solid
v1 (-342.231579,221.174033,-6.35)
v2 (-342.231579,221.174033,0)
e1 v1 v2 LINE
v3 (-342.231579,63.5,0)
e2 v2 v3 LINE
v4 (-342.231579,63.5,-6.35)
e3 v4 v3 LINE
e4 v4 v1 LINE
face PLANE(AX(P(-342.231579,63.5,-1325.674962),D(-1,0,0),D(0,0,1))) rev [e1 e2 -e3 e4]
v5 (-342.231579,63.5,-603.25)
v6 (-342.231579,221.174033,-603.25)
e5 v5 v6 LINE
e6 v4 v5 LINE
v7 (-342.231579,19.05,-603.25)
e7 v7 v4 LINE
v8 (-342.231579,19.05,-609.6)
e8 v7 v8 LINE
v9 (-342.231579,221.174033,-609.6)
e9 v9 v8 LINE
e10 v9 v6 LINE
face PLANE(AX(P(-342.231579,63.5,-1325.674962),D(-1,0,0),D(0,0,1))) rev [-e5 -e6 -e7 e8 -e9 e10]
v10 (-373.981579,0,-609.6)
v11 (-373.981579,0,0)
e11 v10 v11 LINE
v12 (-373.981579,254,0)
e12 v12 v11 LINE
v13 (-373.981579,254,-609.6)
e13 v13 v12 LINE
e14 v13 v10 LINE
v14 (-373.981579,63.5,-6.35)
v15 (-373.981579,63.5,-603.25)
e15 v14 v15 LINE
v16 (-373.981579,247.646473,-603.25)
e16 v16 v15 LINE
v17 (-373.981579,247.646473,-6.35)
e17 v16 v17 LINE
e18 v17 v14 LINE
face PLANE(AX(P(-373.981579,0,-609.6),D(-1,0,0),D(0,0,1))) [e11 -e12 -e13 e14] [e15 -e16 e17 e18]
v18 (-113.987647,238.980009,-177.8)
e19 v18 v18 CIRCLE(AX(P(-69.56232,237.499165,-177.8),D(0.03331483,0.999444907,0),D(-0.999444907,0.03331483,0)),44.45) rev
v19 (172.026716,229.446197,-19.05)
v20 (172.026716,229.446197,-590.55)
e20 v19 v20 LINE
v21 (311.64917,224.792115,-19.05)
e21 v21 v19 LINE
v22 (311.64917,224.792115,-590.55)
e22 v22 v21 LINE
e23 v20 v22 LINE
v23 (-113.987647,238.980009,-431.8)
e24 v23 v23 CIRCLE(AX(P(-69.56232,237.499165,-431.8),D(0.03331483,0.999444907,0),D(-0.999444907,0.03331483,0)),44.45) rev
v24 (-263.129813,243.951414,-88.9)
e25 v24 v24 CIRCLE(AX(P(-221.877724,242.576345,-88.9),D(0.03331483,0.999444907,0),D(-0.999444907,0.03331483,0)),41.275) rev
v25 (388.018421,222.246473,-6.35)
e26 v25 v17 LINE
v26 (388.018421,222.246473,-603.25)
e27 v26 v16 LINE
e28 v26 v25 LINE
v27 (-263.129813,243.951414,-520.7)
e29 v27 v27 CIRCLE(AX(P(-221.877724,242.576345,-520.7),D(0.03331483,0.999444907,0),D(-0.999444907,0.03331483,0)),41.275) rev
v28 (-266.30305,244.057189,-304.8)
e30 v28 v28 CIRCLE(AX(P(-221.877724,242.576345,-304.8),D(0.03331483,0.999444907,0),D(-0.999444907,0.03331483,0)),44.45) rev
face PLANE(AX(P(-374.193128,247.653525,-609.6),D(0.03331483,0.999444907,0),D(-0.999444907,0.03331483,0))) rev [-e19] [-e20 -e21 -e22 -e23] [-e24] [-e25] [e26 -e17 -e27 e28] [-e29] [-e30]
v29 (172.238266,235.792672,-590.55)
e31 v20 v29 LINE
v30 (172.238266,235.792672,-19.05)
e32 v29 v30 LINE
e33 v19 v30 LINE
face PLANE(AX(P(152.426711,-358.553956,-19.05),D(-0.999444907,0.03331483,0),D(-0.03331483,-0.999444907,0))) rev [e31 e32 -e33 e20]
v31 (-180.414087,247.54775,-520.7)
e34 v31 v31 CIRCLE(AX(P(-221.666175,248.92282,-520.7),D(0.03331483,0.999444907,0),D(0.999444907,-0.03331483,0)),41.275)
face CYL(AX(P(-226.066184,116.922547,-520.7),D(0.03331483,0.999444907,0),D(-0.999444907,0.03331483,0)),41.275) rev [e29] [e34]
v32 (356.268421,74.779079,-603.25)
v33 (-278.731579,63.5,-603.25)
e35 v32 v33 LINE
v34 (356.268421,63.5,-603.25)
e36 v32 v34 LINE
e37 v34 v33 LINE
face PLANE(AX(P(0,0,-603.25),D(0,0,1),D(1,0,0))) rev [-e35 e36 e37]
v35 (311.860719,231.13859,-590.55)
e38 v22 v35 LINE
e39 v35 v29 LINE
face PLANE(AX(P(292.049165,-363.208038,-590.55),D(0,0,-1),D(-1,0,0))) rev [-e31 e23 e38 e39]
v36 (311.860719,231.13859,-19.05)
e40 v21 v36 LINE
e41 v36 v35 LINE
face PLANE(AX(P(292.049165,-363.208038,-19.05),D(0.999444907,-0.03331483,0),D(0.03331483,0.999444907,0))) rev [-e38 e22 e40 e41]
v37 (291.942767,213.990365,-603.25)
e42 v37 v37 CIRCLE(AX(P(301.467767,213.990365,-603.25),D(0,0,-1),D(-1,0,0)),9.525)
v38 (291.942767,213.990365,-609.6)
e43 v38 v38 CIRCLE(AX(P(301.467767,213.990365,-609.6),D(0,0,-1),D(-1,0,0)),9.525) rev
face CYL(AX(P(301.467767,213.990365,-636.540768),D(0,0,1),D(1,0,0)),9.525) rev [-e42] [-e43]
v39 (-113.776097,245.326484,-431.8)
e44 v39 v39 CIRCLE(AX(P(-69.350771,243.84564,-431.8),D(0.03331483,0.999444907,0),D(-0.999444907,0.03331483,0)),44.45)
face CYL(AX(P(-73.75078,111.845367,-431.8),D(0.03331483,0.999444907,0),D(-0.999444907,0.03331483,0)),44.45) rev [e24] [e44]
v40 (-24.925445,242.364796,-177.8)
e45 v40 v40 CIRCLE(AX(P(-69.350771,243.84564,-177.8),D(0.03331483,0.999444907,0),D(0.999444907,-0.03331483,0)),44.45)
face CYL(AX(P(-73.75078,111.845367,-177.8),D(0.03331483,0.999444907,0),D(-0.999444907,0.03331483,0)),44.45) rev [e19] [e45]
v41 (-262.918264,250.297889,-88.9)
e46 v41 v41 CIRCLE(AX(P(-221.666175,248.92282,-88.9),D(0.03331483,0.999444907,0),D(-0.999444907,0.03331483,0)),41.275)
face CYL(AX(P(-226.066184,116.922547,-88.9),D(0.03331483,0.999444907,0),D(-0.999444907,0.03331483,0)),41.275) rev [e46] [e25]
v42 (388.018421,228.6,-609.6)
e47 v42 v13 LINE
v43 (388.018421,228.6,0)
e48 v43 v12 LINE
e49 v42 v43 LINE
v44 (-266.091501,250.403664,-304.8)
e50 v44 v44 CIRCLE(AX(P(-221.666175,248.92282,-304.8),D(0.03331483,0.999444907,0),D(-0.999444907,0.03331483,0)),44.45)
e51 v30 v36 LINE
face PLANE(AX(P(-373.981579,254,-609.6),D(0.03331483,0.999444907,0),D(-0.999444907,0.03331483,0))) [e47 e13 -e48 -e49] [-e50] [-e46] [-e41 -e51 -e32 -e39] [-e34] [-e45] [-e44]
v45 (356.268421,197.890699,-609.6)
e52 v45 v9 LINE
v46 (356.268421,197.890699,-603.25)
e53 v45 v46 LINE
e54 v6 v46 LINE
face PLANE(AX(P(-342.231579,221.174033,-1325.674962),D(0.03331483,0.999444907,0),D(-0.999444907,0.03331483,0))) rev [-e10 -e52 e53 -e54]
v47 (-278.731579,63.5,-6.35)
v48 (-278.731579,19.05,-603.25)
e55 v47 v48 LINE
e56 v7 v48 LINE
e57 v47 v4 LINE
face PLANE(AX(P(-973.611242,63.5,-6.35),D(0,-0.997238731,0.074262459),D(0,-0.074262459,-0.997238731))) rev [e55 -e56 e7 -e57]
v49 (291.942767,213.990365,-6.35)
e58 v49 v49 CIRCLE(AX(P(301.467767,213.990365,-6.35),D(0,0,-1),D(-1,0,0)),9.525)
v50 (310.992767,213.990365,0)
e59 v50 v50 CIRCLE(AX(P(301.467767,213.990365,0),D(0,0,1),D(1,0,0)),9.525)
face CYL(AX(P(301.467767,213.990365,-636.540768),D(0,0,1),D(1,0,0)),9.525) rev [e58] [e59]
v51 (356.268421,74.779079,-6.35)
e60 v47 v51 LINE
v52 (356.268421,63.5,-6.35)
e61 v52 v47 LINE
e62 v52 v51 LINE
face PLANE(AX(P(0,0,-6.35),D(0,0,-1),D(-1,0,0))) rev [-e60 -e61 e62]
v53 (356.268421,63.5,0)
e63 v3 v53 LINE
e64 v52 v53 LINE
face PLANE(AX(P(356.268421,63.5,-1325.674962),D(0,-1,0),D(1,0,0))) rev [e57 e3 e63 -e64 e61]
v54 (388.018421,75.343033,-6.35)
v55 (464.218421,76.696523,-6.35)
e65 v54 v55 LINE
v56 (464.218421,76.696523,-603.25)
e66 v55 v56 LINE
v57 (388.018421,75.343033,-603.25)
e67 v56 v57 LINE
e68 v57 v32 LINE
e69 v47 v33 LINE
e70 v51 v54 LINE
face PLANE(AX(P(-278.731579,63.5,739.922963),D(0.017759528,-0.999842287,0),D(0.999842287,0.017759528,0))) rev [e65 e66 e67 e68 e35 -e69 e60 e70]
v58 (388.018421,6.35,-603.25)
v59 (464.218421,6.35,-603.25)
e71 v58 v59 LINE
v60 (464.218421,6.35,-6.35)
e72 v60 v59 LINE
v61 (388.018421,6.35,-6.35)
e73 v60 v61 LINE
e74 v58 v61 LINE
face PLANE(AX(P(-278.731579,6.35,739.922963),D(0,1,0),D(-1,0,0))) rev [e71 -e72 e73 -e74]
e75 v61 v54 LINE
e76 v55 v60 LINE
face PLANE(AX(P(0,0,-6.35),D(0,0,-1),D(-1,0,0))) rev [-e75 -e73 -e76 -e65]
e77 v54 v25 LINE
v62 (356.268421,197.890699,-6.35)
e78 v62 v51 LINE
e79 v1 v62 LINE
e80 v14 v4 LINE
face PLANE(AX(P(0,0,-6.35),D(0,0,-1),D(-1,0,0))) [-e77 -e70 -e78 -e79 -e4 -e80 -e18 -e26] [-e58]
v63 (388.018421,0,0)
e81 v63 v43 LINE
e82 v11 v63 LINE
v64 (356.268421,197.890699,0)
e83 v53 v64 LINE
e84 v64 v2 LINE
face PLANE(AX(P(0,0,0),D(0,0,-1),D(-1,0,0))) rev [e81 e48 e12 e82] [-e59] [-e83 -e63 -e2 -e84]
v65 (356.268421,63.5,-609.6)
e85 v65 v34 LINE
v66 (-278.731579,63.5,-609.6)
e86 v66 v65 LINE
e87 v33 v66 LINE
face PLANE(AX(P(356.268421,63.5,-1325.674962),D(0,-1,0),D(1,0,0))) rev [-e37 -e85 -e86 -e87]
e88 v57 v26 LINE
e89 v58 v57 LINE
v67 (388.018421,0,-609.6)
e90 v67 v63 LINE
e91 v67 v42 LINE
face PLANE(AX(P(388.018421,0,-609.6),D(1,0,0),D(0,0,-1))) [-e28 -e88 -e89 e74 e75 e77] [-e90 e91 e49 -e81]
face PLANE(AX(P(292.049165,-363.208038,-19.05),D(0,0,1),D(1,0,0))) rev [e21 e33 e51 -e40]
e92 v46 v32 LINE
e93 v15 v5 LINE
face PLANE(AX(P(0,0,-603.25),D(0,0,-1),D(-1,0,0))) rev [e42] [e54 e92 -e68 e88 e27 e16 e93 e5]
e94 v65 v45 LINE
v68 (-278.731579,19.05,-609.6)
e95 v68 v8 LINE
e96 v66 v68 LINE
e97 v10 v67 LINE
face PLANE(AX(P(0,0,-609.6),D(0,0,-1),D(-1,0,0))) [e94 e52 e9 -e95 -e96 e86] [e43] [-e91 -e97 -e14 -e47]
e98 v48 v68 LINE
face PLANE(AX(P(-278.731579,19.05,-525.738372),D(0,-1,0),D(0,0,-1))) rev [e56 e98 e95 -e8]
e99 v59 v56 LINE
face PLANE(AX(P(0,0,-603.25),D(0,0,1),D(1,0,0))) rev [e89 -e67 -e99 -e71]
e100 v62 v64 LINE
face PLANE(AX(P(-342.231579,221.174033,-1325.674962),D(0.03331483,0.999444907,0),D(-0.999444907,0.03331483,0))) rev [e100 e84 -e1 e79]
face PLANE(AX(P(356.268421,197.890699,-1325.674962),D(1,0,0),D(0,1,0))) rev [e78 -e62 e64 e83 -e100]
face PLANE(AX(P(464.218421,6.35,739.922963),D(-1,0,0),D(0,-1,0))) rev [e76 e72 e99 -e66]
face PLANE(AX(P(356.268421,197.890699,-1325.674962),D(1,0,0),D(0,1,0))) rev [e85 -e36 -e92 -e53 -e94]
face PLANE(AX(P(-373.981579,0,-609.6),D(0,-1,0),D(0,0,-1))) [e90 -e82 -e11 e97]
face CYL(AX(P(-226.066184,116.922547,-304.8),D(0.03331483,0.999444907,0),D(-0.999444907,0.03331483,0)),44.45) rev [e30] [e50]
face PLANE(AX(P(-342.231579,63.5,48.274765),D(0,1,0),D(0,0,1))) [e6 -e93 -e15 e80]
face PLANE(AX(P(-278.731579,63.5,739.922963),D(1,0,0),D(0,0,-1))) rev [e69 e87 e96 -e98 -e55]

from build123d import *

# Parameters (mm, degrees)
BOSS_EXTRUDE1_DEPTH = 609.6
SHELL1_T            = -6.35
CUT_EXTRUDE1_DEPTH  = 609.6
BOSS_EXTRUDE3_DEPTH = 596.9
BOSS_EXTRUDE4_DEPTH = 95.25
SKETCH8_W           = 31.75
SKETCH8_H           = 44.45
BOSS_EXTRUDE5_DEPTH = 603.25
SKETCH9_W           = 63.5
SKETCH9_H           = 44.45
CUT_EXTRUDE2_DEPTH  = 6.35
SKETCH10_R          = 41.275
SKETCH10_R_2        = 44.45
CUT_EXTRUDE3_DEPTH  = 6.35
SKETCH12_W          = 139.7
SKETCH12_H          = 571.5
CUT_EXTRUDE4_DEPTH  = 6.35
SKETCH13_R          = 9.525
CUT_EXTRUDE5_DEPTH  = 609.6


with BuildPart() as part:
    # Sketch1 → Boss-Extrude1 (new body)
    with BuildSketch(Plane.XY):
        Polygon((-373.981578947, 0), (388.018421053, 0), (388.018421053, 228.6), (-373.981578947, 254), align=None)
    extrude(amount=-BOSS_EXTRUDE1_DEPTH)

    # Shell1
    shell1_openings = [part.faces().sort_by_distance(p)[0] for p in [
        (-373.981578947, 127, -304.8),
        (388.018421053, 114.3, -304.8),
    ]]
    offset(amount=SHELL1_T, openings=shell1_openings, kind=Kind.INTERSECTION)

    # Sketch2 → Cut-Extrude1 (cut)
    with BuildSketch(Plane.XY):
        Polygon((-342.231578947, 221.174032675), (356.268421053, 197.890699341), (356.268421053, 63.5), (-342.231578947, 63.5), align=None)
    extrude(amount=-CUT_EXTRUDE1_DEPTH, mode=Mode.SUBTRACT)

    # Sketch5 → Boss-Extrude3 (add)
    with BuildSketch(Plane.XY.offset(-603.25)):
        Polygon((-278.731578947, 63.5), (464.218421053, 76.696522884), (464.218421053, 6.35), (-278.731578947, 6.35), align=None)
    extrude(amount=BOSS_EXTRUDE3_DEPTH)

    # Sketch6 → Boss-Extrude4 (add)
    with BuildSketch(Plane.ZY.offset(278.731578947)):
        Polygon((-6.35, 63.5), (-603.25, 19.05), (-603.25, 6.35), (-6.35, 6.35), align=None)
    extrude(amount=BOSS_EXTRUDE4_DEPTH)

    # Sketch8 → Boss-Extrude5 (add)
    with BuildSketch(Plane(origin=(0, 0, -609.6), x_dir=(-1, 0, 0), z_dir=(0, 0, -1))):
        with Locations((358.106578947, 41.275)):
            Rectangle(SKETCH8_W, SKETCH8_H)
    extrude(amount=-BOSS_EXTRUDE5_DEPTH)

    # Sketch9 → Cut-Extrude2 (cut)
    with BuildSketch(Plane(origin=(0, 0, -609.6), x_dir=(-1, 0, 0), z_dir=(0, 0, -1))):
        with Locations((310.481578947, 41.275)):
            Rectangle(SKETCH9_W, SKETCH9_H)
    extrude(amount=-CUT_EXTRUDE2_DEPTH, mode=Mode.SUBTRACT)

    # Sketch10 → Cut-Extrude3 (cut)
    with BuildSketch(Plane(origin=(8.042195806, 241.265874175, 0), x_dir=(0.999444907, -0.03331483, 0), z_dir=(0.03331483, 0.999444907, 0))):
        with Locations((-229.835951262, 88.9)):
            Circle(SKETCH10_R)
        with Locations((-229.835951262, 520.7)):
            Circle(SKETCH10_R)
        with Locations((-77.435951262, 431.8)):
            Circle(SKETCH10_R_2)
        with Locations((-77.435951262, 177.8)):
            Circle(SKETCH10_R_2)
        with Locations((-229.835951262, 304.8)):
            Circle(SKETCH10_R_2)
    extrude(amount=-CUT_EXTRUDE3_DEPTH, mode=Mode.SUBTRACT)

    # Sketch12 → Cut-Extrude4 (cut)
    with BuildSketch(Plane(origin=(8.042195806, 241.265874175, 0), x_dir=(0.999444907, -0.03331483, 0), z_dir=(0.03331483, 0.999444907, 0))):
        with Locations((234.137264544, 304.8)):
            Rectangle(SKETCH12_W, SKETCH12_H)
    extrude(amount=-CUT_EXTRUDE4_DEPTH, mode=Mode.SUBTRACT)

    # Sketch13 → Cut-Extrude5 (cut)
    with BuildSketch(Plane.XY):
        with Locations((301.467767378, 213.990365252)):
            Circle(SKETCH13_R)
    extrude(amount=-CUT_EXTRUDE5_DEPTH, mode=Mode.SUBTRACT)


solid = part.part
